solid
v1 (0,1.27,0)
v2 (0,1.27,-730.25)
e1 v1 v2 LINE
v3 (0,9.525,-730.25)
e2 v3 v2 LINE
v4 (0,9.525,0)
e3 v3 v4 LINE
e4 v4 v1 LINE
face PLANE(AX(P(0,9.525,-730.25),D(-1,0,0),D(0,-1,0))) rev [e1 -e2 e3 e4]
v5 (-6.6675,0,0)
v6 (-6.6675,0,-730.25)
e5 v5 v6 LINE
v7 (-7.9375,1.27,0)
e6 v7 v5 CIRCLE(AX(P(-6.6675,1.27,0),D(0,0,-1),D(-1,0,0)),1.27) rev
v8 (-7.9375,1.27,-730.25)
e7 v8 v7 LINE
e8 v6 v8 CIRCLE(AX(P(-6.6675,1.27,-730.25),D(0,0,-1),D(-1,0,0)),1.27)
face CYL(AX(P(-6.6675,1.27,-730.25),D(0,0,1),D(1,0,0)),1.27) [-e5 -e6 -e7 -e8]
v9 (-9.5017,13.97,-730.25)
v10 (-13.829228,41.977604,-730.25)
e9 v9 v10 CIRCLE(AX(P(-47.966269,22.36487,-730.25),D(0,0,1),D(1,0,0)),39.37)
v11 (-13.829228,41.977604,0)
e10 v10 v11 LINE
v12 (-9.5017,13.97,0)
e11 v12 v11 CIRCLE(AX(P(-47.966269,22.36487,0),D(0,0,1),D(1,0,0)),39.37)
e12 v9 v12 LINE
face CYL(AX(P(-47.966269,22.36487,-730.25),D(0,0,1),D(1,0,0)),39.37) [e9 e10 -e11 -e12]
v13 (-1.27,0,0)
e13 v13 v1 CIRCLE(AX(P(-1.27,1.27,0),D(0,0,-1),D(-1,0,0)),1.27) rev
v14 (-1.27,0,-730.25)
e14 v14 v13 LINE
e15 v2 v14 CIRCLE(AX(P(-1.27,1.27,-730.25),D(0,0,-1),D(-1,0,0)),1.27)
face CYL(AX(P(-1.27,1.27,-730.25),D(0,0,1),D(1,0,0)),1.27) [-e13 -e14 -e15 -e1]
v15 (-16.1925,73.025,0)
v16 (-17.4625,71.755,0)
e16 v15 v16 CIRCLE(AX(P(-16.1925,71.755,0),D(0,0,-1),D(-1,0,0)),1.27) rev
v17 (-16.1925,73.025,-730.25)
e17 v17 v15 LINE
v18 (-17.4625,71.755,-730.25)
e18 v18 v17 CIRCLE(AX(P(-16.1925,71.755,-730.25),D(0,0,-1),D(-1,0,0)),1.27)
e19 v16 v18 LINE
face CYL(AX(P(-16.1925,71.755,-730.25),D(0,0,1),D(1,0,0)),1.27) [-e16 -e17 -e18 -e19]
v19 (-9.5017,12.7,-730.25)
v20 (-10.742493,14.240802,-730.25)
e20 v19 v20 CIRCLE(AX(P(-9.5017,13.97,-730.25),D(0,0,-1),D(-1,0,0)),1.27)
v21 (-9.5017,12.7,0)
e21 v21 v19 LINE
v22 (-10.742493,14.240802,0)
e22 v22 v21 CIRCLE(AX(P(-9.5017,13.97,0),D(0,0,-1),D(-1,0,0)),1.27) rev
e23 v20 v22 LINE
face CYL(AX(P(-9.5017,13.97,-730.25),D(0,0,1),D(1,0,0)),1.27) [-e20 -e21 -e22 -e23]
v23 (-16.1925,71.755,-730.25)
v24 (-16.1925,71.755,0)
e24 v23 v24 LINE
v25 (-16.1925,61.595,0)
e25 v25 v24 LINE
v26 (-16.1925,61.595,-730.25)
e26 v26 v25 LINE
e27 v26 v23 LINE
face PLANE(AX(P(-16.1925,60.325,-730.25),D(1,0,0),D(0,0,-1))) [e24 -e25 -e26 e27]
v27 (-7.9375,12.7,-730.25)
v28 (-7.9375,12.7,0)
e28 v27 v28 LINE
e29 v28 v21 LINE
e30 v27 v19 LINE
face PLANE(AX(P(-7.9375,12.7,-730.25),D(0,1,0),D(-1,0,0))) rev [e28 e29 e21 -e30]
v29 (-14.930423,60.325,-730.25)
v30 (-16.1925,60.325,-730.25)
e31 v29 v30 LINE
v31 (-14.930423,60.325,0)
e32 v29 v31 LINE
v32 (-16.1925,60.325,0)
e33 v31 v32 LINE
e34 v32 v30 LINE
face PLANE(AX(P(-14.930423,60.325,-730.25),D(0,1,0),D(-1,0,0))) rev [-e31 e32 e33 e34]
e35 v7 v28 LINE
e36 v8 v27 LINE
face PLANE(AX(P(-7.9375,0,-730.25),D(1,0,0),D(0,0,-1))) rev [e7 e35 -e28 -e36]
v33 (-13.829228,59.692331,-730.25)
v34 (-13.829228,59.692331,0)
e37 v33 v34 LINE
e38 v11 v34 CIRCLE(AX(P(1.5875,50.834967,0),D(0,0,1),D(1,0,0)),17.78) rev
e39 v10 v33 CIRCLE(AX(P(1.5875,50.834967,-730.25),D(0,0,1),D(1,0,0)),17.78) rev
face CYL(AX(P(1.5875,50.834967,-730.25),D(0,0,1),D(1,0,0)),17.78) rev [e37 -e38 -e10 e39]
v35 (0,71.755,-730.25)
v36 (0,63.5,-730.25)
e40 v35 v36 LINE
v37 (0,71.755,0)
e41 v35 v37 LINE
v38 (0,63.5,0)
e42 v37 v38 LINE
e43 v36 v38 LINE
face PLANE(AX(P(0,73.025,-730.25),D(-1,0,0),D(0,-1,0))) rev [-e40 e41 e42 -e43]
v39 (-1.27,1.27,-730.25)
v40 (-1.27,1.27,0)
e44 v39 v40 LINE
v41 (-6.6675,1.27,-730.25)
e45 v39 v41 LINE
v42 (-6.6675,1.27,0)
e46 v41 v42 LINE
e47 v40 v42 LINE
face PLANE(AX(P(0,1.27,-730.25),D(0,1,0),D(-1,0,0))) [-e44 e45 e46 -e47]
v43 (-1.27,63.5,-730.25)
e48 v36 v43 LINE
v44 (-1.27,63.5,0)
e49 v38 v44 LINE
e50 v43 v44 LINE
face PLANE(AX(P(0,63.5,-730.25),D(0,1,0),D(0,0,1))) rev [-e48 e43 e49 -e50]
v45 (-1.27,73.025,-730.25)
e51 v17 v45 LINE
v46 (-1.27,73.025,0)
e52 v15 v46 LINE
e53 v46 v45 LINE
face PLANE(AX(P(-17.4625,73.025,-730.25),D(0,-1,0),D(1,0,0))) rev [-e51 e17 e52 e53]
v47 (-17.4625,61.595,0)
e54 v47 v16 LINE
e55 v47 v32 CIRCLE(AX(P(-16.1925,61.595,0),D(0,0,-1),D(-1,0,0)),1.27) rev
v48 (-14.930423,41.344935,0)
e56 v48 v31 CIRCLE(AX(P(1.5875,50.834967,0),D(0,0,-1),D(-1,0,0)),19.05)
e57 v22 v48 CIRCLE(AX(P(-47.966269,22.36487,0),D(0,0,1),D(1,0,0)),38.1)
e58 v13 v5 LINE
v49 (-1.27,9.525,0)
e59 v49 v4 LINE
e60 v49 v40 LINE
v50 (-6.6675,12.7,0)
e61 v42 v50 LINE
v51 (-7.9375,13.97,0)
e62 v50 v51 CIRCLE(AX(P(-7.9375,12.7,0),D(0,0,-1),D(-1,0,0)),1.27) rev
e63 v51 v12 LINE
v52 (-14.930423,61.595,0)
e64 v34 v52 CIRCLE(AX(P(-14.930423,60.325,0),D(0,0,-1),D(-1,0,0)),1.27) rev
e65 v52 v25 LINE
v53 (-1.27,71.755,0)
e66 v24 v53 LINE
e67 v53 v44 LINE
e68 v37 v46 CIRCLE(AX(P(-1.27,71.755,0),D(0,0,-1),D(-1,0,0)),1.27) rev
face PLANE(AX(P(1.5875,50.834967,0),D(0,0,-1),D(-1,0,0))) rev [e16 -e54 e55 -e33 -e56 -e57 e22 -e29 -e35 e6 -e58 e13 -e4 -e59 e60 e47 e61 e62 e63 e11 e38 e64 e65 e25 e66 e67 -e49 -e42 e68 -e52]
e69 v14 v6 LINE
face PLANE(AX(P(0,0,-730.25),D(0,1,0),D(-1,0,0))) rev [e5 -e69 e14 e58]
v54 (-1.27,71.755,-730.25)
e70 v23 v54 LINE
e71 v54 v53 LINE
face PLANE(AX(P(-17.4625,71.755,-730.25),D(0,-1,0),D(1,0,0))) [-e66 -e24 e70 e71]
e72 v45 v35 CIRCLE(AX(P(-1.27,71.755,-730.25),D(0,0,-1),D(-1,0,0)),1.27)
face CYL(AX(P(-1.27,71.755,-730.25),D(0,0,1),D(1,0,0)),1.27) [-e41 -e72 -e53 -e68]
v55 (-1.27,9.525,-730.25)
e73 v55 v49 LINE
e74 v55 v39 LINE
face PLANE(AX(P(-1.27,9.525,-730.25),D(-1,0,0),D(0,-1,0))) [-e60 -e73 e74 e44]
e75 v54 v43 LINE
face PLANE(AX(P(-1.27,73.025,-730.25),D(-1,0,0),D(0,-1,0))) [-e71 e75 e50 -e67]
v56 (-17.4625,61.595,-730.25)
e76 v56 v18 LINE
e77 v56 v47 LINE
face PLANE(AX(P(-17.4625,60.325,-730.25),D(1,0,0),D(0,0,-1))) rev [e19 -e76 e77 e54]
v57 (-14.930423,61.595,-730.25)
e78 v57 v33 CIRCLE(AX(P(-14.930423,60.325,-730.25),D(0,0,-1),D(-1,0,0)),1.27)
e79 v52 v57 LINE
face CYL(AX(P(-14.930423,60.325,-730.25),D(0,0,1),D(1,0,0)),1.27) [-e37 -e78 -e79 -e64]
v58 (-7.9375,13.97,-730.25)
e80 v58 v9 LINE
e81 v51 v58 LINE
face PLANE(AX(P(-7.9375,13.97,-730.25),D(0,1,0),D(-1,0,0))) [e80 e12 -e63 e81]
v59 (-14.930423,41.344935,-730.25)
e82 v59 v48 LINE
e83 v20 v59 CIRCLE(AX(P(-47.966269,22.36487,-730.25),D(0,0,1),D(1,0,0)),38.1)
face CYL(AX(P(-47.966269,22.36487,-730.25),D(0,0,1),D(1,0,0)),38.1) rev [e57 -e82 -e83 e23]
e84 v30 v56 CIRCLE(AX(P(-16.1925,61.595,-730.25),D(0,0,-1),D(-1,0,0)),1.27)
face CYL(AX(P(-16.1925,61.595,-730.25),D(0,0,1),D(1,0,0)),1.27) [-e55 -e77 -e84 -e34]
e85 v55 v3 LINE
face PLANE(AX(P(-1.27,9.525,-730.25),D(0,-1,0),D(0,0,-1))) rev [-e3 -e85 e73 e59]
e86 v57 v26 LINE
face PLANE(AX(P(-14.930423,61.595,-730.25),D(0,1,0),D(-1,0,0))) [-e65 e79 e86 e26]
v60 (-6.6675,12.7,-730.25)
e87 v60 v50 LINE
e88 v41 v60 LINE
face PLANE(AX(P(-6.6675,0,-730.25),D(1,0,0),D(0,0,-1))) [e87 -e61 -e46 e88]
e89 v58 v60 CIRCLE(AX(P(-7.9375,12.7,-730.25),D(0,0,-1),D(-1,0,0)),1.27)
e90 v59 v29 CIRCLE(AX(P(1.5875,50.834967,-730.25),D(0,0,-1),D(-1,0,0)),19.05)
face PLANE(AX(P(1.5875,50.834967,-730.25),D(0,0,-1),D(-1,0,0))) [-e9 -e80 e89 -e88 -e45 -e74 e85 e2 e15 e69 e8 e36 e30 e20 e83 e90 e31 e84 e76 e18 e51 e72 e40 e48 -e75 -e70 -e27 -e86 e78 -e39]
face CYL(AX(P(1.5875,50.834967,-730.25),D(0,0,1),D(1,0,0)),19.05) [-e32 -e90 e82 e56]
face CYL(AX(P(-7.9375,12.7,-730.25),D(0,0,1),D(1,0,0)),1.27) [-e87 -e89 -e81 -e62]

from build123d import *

# Parameters (mm, degrees)
EXTRUDE_THIN1_DEPTH = 730.25
FILLET1_R           = 1.27


with BuildPart() as part:
    # Sketch1 → Extrude-Thin1 (new body)
    with BuildSketch(Plane.XY):
        with BuildLine():
            Line((0, 9.525), (0, 0))
            Line((0, 0), (-7.9375, 0))
            Line((-7.9375, 0), (-7.9375, 12.7))
            Line((-7.9375, 12.7), (-11.1125, 12.7))
            ThreePointArc((-11.1125, 12.7), (-10.20024403, 27.398491684), (-14.930423029, 41.344934793))
            ThreePointArc((-14.930423029, 41.344934793), (-17.4625, 50.834967397), (-14.930423029, 60.325))
            Line((-14.930423029, 60.325), (-17.4625, 60.325))
            Line((-17.4625, 60.325), (-17.4625, 73.025))
            Line((-17.4625, 73.025), (0, 73.025))
            Line((0, 73.025), (0, 63.5))
            Line((0, 63.5), (-1.27, 63.5))
            Line((-1.27, 63.5), (-1.27, 71.755))
            Line((-1.27, 71.755), (-16.1925, 71.755))
            Line((-16.1925, 71.755), (-16.1925, 61.595))
            Line((-16.1925, 61.595), (-12.567008058, 61.595))
            ThreePointArc((-12.567008058, 61.595), (-16.155810371, 51.976605288), (-13.82922816, 41.977603633))
            ThreePointArc((-13.82922816, 41.977603633), (-9.057980708, 28.376690897), (-9.501700135, 13.97))
            Line((-9.501700135, 13.97), (-6.6675, 13.97))
            Line((-6.6675, 13.97), (-6.6675, 1.27))
            Line((-6.6675, 1.27), (-1.27, 1.27))
            Line((-1.27, 1.27), (-1.27, 9.525))
            Line((-1.27, 9.525), (0, 9.525))
        make_face()
    extrude(amount=-EXTRUDE_THIN1_DEPTH)

    # Fillet1
    fillet1_edges = [part.edges().sort_by_distance(p)[0] for p in [
        (-12.567008058, 61.595, -365.125),
        (-6.6675, 13.97, -365.125),
        (0, 0, -365.125),
        (-7.9375, 0, -365.125),
        (-11.1125, 12.7, -365.125),
        (-17.4625, 60.325, -365.125),
        (-17.4625, 73.025, -365.125),
        (0, 73.025, -365.125),
    ]]
    fillet(fillet1_edges, radius=FILLET1_R)


solid = part.part
